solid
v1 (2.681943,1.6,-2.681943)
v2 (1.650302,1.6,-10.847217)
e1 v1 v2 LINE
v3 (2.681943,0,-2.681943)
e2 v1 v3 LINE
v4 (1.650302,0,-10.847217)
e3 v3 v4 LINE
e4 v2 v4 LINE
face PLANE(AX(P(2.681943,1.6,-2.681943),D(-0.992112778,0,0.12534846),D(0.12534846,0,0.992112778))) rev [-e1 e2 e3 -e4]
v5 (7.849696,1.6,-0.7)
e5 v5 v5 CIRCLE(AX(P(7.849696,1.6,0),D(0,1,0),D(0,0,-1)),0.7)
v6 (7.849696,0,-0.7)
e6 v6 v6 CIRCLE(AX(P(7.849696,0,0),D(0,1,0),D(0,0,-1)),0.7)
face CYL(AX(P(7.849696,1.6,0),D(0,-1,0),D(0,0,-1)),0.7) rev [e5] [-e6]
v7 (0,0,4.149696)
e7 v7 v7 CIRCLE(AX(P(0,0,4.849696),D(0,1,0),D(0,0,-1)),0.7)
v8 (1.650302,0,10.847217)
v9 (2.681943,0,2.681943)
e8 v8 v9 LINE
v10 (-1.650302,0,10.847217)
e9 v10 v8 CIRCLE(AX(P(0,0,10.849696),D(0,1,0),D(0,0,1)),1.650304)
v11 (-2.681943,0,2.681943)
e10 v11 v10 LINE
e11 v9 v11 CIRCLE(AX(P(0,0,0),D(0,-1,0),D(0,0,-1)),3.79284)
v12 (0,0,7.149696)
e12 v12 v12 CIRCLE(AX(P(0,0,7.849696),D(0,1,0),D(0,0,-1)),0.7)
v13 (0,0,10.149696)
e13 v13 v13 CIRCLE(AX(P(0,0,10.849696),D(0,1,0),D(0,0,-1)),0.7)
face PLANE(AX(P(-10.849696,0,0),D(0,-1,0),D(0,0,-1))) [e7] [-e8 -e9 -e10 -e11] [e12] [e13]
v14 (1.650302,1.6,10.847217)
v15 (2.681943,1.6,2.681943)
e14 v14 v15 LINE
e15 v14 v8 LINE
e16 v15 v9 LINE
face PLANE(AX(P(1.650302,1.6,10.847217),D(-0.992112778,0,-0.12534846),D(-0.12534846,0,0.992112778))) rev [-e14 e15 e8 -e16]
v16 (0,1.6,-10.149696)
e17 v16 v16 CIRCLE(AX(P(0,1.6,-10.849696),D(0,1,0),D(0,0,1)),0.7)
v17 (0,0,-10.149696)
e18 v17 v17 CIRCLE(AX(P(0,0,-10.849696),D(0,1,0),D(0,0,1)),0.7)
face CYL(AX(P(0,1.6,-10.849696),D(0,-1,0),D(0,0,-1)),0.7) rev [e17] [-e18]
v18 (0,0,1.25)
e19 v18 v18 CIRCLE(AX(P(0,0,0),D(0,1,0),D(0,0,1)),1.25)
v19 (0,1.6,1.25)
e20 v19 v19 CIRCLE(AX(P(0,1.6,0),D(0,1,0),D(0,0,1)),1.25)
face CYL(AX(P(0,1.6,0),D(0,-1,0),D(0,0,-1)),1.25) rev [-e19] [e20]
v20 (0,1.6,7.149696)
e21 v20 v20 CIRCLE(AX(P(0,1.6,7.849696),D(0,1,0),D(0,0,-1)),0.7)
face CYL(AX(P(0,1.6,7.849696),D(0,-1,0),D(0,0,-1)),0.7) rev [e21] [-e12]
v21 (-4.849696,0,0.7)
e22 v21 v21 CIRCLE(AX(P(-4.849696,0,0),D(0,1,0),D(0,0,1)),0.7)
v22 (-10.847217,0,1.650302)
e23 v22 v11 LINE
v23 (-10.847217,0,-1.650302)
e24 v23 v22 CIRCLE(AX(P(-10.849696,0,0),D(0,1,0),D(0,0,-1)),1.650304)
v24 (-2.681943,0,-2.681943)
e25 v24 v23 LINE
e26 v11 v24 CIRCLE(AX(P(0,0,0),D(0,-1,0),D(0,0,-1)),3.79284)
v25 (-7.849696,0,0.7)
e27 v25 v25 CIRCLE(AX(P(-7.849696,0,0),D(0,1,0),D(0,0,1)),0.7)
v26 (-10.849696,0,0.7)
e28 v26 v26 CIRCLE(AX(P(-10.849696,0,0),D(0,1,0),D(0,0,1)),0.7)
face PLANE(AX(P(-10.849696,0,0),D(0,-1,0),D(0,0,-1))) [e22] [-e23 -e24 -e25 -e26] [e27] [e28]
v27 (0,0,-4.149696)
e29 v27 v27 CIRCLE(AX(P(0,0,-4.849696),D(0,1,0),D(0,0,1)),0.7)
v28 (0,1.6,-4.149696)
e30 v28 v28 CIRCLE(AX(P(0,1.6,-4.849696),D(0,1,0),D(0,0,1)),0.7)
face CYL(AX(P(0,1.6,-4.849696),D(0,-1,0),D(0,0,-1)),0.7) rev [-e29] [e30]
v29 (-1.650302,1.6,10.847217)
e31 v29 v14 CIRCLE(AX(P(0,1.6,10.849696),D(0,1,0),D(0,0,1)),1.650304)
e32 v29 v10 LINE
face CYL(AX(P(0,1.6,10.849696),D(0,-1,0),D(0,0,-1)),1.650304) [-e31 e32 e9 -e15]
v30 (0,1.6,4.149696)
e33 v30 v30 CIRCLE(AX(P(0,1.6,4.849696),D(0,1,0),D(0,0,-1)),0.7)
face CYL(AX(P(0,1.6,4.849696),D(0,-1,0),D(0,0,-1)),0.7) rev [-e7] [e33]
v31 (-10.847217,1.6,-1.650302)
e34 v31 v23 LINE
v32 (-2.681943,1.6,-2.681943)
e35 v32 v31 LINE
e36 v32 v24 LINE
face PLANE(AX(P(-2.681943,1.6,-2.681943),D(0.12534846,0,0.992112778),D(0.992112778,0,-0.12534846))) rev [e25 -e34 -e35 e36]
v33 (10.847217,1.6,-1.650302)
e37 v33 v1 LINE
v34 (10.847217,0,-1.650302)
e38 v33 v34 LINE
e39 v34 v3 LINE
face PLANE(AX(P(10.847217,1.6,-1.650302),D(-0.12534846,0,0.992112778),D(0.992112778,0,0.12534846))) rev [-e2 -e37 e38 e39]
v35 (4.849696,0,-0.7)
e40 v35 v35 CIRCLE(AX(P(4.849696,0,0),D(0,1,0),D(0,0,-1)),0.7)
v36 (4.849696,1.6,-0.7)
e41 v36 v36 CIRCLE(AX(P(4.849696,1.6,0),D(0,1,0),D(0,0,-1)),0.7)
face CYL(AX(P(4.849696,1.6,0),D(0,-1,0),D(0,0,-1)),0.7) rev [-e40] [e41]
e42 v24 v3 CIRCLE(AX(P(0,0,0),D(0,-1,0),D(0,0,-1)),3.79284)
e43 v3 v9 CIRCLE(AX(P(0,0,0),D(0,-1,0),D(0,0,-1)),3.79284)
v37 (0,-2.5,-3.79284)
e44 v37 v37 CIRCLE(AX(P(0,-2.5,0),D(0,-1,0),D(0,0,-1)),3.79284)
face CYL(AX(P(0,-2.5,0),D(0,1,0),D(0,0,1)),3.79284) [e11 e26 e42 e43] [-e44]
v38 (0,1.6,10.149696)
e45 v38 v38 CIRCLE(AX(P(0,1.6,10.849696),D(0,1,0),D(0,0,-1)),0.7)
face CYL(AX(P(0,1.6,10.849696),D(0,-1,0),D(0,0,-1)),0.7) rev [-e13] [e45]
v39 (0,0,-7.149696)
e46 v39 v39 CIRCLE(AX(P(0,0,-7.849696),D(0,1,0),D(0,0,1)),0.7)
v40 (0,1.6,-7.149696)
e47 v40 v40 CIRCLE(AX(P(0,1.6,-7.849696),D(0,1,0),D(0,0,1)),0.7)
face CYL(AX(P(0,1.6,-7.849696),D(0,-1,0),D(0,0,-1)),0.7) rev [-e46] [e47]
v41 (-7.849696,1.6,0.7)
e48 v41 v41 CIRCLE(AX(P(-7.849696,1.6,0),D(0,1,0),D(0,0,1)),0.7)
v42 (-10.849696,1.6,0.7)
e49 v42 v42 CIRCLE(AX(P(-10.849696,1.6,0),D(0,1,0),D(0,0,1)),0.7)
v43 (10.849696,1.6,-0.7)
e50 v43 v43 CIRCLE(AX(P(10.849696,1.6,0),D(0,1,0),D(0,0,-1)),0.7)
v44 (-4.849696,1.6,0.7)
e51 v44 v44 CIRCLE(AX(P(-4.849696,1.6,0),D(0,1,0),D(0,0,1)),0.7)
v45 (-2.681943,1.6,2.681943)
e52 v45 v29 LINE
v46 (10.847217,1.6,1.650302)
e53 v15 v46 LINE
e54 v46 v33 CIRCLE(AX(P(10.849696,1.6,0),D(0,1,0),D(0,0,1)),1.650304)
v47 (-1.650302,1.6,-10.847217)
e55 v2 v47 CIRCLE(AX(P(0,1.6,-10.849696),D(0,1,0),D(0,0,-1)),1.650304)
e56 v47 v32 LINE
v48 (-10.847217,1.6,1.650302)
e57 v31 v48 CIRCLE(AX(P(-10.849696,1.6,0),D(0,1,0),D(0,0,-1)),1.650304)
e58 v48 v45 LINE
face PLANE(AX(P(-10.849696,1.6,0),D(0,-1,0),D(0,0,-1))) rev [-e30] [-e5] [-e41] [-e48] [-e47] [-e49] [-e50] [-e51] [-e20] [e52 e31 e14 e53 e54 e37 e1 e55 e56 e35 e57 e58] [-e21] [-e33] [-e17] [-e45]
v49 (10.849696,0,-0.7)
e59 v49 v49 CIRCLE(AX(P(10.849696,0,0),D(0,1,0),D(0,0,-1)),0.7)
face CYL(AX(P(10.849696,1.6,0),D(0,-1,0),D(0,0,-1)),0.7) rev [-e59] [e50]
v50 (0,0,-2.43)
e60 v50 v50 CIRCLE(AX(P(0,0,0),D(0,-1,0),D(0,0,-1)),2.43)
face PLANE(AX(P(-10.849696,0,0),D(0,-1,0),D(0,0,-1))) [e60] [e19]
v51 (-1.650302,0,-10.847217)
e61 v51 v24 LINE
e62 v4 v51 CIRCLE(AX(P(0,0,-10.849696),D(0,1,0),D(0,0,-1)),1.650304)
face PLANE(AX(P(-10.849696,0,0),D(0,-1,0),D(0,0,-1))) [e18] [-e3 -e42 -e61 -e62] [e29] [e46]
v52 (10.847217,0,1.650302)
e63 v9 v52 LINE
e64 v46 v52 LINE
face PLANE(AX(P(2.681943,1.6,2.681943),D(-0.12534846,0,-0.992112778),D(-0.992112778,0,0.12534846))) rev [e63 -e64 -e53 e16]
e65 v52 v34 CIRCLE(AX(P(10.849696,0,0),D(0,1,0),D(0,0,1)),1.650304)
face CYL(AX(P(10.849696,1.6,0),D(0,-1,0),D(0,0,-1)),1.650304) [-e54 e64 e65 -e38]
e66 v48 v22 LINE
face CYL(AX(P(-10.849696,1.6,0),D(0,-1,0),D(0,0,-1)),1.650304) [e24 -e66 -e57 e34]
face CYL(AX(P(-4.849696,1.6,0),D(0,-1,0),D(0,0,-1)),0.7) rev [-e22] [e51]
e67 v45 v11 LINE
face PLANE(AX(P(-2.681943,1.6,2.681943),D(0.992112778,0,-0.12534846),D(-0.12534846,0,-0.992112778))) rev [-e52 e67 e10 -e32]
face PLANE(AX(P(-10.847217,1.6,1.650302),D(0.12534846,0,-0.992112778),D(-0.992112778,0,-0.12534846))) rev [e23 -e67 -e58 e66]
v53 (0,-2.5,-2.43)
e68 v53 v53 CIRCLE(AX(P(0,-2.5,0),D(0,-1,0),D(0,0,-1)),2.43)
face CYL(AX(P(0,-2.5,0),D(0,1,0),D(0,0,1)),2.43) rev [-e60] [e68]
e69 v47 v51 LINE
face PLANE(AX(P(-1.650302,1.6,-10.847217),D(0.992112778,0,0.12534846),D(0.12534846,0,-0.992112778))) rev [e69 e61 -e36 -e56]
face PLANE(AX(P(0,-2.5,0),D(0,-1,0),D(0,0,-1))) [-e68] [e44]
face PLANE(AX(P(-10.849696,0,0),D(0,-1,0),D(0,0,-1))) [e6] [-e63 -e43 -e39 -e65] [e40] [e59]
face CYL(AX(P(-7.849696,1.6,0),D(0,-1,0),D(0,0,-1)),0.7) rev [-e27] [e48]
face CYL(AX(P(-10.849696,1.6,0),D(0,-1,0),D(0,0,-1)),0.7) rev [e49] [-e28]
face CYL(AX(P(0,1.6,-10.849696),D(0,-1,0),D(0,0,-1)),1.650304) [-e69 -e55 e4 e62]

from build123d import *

# Parameters (mm, degrees)
SKETCH1_R           = 0.7
SKETCH1_R_2         = 1.25
BOSS_EXTRUDE1_DEPTH = 1.6
SKETCH2_R           = 3.792840445
SKETCH2_R_2         = 2.43
BOSS_EXTRUDE2_DEPTH = 2.5


with BuildPart() as part:
    # Sketch1 → Boss-Extrude1 (new body)
    with BuildSketch(Plane(origin=(0, 0, 0), x_dir=(1, 0, 0), z_dir=(0, 1, 0))):
        with BuildLine():
            Line((-10.84721718, -1.650301895), (-2.681943198, -2.681943198))
            Line((-2.681943198, -2.681943198), (-1.650301895, -10.84721718))
            ThreePointArc((-1.650301895, -10.84721718), (0, -12.5), (1.650301895, -10.84721718))
            Line((1.650301895, -10.84721718), (2.681943198, -2.681943198))
            Line((2.681943198, -2.681943198), (10.84721718, -1.650301895))
            ThreePointArc((10.84721718, -1.650301895), (12.5, 0), (10.84721718, 1.650301895))
            Line((10.84721718, 1.650301895), (2.681943198, 2.681943198))
            Line((2.681943198, 2.681943198), (1.650301895, 10.84721718))
            ThreePointArc((1.650301895, 10.84721718), (0, 12.5), (-1.650301895, 10.84721718))
            Line((-1.650301895, 10.84721718), (-2.681943198, 2.681943198))
            Line((-2.681943198, 2.681943198), (-10.84721718, 1.650301895))
            ThreePointArc((-10.84721718, 1.650301895), (-12.5, 0), (-10.84721718, -1.650301895))
        make_face()
        with Locations(Location((0, 4.849696243, 0), (0, 0, 270))):
            Circle(SKETCH1_R, mode=Mode.SUBTRACT)
        with Locations(Location((0, 7.849696243, 0), (0, 0, 270))):
            Circle(SKETCH1_R, mode=Mode.SUBTRACT)
        with Locations(Location((0, 10.849696243, 0), (0, 0, 270))):
            Circle(SKETCH1_R, mode=Mode.SUBTRACT)
        with Locations(Location((0, -4.849696243, 0), (0, 0, 90))):
            Circle(SKETCH1_R, mode=Mode.SUBTRACT)
        with Locations(Location((0, -7.849696243, 0), (0, 0, 90))):
            Circle(SKETCH1_R, mode=Mode.SUBTRACT)
        with Locations(Location((0, -10.849696243, 0), (0, 0, 90))):
            Circle(SKETCH1_R, mode=Mode.SUBTRACT)
        with Locations(Location((-10.849696243, 0, 0), (0, 0, 270))):
            Circle(SKETCH1_R, mode=Mode.SUBTRACT)
        with Locations(Location((-7.849696243, 0, 0), (0, 0, 270))):
            Circle(SKETCH1_R, mode=Mode.SUBTRACT)
        with Locations(Location((-4.849696243, 0, 0), (0, 0, 270))):
            Circle(SKETCH1_R, mode=Mode.SUBTRACT)
        with Locations(Location((10.849696243, 0, 0), (0, 0, 90))):
            Circle(SKETCH1_R, mode=Mode.SUBTRACT)
        with Locations(Location((4.849696243, 0, 0), (0, 0, 90))):
            Circle(SKETCH1_R, mode=Mode.SUBTRACT)
        with Locations(Location((7.849696243, 0, 0), (0, 0, 90))):
            Circle(SKETCH1_R, mode=Mode.SUBTRACT)
        with Locations(Location((0, 0, 0), (0, 0, 270))):
            Circle(SKETCH1_R_2, mode=Mode.SUBTRACT)
    extrude(amount=BOSS_EXTRUDE1_DEPTH)

    # Sketch2 → Boss-Extrude2 (add)
    with BuildSketch(Plane.XZ):
        with Locations(Location((0, 0, 0), (0, 0, 45))):
            Circle(SKETCH2_R)
        with Locations(Location((0, 0, 0), (0, 0, 270))):
            Circle(SKETCH2_R_2, mode=Mode.SUBTRACT)
    extrude(amount=BOSS_EXTRUDE2_DEPTH)


solid = part.part
